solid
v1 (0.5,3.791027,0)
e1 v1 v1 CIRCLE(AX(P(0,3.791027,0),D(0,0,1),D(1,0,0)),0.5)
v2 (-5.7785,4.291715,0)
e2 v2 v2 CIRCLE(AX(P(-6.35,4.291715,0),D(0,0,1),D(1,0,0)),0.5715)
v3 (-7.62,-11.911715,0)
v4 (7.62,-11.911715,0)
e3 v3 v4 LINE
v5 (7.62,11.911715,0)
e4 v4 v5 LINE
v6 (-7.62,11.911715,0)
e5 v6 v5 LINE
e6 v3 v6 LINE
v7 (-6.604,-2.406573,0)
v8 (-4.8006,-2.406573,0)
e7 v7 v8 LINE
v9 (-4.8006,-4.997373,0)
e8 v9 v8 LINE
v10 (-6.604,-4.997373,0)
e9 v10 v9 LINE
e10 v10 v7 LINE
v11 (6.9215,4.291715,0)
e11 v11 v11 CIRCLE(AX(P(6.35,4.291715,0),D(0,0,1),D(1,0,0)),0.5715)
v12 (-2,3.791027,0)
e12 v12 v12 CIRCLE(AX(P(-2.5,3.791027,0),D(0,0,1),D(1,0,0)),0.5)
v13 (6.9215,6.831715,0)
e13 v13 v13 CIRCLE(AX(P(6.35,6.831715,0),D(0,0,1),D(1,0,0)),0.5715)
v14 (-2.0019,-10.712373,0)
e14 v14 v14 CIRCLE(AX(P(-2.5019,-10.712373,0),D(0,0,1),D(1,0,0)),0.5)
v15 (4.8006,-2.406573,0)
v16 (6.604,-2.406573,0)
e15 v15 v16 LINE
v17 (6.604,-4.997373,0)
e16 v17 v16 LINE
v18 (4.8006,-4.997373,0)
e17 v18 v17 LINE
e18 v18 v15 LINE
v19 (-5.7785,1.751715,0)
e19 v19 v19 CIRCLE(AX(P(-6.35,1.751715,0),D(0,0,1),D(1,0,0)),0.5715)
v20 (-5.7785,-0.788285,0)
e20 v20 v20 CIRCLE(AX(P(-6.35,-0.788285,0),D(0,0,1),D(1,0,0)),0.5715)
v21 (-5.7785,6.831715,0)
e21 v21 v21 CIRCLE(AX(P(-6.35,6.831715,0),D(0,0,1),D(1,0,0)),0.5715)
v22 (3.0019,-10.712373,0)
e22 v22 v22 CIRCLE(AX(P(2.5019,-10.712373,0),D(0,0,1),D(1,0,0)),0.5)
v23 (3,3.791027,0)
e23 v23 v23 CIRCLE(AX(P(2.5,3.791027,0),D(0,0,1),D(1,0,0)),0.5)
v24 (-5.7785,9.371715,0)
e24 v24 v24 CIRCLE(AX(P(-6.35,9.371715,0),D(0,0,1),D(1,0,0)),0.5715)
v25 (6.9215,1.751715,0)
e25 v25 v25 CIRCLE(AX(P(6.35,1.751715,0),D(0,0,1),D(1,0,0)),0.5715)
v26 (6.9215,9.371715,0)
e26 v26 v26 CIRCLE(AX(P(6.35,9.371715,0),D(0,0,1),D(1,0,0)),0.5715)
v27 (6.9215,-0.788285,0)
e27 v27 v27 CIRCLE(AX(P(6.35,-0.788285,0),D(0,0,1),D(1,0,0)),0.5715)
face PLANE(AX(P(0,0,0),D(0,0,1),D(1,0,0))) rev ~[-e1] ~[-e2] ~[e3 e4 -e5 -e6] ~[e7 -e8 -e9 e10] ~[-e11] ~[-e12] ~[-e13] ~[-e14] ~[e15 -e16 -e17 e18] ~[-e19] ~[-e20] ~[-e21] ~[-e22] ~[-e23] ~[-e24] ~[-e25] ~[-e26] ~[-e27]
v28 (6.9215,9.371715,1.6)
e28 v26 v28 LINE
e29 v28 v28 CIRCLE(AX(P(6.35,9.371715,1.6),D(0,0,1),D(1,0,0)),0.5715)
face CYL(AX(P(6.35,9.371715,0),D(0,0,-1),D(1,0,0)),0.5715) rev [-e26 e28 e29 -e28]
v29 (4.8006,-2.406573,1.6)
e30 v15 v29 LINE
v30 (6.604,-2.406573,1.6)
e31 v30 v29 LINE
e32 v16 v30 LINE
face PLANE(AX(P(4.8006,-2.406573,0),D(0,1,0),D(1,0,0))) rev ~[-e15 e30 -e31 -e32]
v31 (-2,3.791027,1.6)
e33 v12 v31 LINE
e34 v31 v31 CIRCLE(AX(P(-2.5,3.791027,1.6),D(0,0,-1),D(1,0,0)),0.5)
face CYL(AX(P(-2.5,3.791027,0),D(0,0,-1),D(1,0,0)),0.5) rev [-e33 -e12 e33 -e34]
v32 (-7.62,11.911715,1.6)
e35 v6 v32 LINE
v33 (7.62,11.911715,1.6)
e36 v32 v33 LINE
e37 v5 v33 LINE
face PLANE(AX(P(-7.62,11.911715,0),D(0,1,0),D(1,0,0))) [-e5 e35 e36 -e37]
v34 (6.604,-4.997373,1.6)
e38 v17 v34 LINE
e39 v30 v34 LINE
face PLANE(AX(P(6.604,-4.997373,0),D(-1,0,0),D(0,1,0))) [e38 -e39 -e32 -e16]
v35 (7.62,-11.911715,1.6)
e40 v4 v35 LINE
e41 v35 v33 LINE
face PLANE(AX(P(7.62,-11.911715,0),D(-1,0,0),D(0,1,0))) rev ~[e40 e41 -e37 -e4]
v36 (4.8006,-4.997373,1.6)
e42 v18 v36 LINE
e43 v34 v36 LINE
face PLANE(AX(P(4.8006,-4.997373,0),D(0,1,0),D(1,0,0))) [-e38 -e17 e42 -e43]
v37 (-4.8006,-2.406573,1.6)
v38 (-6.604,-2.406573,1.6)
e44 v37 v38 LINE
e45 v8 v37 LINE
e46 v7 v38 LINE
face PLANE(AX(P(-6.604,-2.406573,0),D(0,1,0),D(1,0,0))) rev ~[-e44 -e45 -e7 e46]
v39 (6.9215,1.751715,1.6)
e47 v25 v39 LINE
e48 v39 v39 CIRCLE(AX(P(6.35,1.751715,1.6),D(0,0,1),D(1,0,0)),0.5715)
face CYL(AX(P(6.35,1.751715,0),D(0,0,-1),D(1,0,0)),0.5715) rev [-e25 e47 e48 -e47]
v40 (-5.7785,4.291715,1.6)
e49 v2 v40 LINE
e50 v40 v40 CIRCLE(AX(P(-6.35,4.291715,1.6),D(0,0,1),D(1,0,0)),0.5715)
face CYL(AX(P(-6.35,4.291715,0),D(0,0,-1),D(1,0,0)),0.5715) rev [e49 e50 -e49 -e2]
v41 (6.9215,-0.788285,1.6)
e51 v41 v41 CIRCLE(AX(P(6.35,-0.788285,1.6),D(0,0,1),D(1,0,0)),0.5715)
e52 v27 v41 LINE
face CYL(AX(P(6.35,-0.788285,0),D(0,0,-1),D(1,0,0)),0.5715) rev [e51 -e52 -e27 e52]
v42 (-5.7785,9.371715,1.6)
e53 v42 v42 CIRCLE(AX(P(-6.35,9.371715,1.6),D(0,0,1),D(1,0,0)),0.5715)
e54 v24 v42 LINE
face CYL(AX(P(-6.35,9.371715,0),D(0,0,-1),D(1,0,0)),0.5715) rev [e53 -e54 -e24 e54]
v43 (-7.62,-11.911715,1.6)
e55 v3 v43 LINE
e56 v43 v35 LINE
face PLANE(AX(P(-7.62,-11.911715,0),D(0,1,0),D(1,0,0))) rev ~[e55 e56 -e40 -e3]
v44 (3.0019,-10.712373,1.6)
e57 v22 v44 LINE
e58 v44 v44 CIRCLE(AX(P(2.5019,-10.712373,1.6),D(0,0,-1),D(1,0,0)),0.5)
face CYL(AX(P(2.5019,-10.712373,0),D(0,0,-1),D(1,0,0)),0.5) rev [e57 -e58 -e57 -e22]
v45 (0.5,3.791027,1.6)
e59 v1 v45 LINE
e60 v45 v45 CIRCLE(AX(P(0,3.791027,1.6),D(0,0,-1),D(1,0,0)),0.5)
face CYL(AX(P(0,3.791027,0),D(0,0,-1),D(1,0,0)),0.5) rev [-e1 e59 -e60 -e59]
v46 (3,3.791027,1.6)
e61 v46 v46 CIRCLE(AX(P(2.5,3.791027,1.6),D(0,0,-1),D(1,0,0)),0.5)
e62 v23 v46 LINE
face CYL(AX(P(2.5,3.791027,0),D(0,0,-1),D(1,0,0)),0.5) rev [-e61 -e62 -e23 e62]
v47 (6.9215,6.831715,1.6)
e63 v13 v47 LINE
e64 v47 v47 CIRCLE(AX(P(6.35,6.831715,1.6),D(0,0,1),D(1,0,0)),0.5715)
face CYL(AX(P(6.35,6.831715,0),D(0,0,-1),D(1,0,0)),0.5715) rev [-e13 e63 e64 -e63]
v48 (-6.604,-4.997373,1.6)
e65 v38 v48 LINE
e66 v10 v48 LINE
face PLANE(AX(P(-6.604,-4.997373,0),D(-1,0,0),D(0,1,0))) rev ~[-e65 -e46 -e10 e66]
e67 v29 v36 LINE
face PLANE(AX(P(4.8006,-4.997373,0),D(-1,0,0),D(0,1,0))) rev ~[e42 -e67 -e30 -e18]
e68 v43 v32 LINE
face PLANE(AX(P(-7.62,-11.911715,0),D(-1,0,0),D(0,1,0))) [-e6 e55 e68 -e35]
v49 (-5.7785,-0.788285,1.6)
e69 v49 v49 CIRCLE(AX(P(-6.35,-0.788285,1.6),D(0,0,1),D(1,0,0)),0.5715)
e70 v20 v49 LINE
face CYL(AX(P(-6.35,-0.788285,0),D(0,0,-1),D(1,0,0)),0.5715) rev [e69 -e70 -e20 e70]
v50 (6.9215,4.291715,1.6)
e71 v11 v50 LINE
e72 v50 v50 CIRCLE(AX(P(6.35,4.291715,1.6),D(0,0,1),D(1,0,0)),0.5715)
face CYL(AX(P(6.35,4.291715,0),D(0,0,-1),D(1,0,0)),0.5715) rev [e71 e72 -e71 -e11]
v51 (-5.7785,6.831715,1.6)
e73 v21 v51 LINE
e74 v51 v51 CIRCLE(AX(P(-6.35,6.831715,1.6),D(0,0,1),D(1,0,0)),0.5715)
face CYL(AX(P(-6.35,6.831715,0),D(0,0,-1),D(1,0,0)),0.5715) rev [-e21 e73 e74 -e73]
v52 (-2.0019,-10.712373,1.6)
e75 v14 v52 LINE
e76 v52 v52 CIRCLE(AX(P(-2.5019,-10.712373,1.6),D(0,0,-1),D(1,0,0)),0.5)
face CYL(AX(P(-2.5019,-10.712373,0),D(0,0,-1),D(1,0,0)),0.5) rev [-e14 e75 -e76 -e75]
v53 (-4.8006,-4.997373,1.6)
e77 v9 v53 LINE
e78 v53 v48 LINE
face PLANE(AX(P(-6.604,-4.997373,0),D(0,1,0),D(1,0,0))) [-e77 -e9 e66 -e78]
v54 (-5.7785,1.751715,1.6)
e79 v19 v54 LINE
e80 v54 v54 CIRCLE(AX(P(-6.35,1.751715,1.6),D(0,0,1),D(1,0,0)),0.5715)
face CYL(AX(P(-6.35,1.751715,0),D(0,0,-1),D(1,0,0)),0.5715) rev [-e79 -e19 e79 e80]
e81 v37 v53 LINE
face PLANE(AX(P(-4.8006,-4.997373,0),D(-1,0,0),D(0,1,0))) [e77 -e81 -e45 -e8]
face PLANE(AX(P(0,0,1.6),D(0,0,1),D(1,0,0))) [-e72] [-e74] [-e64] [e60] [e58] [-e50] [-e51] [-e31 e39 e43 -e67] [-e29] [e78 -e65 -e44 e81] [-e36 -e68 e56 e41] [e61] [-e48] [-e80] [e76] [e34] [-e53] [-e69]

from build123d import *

# Parameters (mm, degrees)
F0_W     = 15.24
F0_H     = 23.82343
F0_R     = 0.5715
F1_DEPTH = 1.6
F2_R     = 0.5
F2_W     = 1.8034
F2_H     = 2.5908
F3_DEPTH = 1.601


with BuildPart() as f1:
    # F0 (on Top) → F1 (new body)
    with BuildSketch(Plane.XY):
        Rectangle(F0_W, F0_H)
        with Locations((-6.35, -0.788285)):
            Circle(F0_R, mode=Mode.SUBTRACT)
        with Locations((6.35, -0.788285)):
            Circle(F0_R, mode=Mode.SUBTRACT)
        with Locations((-6.35, 1.751715)):
            Circle(F0_R, mode=Mode.SUBTRACT)
        with Locations((-6.35, 4.291715)):
            Circle(F0_R, mode=Mode.SUBTRACT)
        with Locations((-6.35, 6.831715)):
            Circle(F0_R, mode=Mode.SUBTRACT)
        with Locations((-6.35, 9.371715)):
            Circle(F0_R, mode=Mode.SUBTRACT)
        with Locations((6.35, 1.751715)):
            Circle(F0_R, mode=Mode.SUBTRACT)
        with Locations((6.35, 4.291715)):
            Circle(F0_R, mode=Mode.SUBTRACT)
        with Locations((6.35, 6.831715)):
            Circle(F0_R, mode=Mode.SUBTRACT)
        with Locations((6.35, 9.371715)):
            Circle(F0_R, mode=Mode.SUBTRACT)
    extrude(amount=F1_DEPTH)

    # F2 (on Top) → F3 (cut, through all)
    with BuildSketch(Plane.XY):
        with Locations((2.5019, -10.712373)):
            Circle(F2_R)
        with Locations((0, 3.791027)):
            Circle(F2_R)
        with Locations((-2.5, 3.791027)):
            Circle(F2_R)
        with Locations((-2.5019, -10.712373)):
            Circle(F2_R)
        with Locations((2.5, 3.791027)):
            Circle(F2_R)
        with Locations((-5.7023, -3.701973)):
            Rectangle(F2_W, F2_H)
        with Locations((5.7023, -3.701973)):
            Rectangle(F2_W, F2_H)
    extrude(amount=F3_DEPTH, mode=Mode.SUBTRACT)


solid = f1.part
